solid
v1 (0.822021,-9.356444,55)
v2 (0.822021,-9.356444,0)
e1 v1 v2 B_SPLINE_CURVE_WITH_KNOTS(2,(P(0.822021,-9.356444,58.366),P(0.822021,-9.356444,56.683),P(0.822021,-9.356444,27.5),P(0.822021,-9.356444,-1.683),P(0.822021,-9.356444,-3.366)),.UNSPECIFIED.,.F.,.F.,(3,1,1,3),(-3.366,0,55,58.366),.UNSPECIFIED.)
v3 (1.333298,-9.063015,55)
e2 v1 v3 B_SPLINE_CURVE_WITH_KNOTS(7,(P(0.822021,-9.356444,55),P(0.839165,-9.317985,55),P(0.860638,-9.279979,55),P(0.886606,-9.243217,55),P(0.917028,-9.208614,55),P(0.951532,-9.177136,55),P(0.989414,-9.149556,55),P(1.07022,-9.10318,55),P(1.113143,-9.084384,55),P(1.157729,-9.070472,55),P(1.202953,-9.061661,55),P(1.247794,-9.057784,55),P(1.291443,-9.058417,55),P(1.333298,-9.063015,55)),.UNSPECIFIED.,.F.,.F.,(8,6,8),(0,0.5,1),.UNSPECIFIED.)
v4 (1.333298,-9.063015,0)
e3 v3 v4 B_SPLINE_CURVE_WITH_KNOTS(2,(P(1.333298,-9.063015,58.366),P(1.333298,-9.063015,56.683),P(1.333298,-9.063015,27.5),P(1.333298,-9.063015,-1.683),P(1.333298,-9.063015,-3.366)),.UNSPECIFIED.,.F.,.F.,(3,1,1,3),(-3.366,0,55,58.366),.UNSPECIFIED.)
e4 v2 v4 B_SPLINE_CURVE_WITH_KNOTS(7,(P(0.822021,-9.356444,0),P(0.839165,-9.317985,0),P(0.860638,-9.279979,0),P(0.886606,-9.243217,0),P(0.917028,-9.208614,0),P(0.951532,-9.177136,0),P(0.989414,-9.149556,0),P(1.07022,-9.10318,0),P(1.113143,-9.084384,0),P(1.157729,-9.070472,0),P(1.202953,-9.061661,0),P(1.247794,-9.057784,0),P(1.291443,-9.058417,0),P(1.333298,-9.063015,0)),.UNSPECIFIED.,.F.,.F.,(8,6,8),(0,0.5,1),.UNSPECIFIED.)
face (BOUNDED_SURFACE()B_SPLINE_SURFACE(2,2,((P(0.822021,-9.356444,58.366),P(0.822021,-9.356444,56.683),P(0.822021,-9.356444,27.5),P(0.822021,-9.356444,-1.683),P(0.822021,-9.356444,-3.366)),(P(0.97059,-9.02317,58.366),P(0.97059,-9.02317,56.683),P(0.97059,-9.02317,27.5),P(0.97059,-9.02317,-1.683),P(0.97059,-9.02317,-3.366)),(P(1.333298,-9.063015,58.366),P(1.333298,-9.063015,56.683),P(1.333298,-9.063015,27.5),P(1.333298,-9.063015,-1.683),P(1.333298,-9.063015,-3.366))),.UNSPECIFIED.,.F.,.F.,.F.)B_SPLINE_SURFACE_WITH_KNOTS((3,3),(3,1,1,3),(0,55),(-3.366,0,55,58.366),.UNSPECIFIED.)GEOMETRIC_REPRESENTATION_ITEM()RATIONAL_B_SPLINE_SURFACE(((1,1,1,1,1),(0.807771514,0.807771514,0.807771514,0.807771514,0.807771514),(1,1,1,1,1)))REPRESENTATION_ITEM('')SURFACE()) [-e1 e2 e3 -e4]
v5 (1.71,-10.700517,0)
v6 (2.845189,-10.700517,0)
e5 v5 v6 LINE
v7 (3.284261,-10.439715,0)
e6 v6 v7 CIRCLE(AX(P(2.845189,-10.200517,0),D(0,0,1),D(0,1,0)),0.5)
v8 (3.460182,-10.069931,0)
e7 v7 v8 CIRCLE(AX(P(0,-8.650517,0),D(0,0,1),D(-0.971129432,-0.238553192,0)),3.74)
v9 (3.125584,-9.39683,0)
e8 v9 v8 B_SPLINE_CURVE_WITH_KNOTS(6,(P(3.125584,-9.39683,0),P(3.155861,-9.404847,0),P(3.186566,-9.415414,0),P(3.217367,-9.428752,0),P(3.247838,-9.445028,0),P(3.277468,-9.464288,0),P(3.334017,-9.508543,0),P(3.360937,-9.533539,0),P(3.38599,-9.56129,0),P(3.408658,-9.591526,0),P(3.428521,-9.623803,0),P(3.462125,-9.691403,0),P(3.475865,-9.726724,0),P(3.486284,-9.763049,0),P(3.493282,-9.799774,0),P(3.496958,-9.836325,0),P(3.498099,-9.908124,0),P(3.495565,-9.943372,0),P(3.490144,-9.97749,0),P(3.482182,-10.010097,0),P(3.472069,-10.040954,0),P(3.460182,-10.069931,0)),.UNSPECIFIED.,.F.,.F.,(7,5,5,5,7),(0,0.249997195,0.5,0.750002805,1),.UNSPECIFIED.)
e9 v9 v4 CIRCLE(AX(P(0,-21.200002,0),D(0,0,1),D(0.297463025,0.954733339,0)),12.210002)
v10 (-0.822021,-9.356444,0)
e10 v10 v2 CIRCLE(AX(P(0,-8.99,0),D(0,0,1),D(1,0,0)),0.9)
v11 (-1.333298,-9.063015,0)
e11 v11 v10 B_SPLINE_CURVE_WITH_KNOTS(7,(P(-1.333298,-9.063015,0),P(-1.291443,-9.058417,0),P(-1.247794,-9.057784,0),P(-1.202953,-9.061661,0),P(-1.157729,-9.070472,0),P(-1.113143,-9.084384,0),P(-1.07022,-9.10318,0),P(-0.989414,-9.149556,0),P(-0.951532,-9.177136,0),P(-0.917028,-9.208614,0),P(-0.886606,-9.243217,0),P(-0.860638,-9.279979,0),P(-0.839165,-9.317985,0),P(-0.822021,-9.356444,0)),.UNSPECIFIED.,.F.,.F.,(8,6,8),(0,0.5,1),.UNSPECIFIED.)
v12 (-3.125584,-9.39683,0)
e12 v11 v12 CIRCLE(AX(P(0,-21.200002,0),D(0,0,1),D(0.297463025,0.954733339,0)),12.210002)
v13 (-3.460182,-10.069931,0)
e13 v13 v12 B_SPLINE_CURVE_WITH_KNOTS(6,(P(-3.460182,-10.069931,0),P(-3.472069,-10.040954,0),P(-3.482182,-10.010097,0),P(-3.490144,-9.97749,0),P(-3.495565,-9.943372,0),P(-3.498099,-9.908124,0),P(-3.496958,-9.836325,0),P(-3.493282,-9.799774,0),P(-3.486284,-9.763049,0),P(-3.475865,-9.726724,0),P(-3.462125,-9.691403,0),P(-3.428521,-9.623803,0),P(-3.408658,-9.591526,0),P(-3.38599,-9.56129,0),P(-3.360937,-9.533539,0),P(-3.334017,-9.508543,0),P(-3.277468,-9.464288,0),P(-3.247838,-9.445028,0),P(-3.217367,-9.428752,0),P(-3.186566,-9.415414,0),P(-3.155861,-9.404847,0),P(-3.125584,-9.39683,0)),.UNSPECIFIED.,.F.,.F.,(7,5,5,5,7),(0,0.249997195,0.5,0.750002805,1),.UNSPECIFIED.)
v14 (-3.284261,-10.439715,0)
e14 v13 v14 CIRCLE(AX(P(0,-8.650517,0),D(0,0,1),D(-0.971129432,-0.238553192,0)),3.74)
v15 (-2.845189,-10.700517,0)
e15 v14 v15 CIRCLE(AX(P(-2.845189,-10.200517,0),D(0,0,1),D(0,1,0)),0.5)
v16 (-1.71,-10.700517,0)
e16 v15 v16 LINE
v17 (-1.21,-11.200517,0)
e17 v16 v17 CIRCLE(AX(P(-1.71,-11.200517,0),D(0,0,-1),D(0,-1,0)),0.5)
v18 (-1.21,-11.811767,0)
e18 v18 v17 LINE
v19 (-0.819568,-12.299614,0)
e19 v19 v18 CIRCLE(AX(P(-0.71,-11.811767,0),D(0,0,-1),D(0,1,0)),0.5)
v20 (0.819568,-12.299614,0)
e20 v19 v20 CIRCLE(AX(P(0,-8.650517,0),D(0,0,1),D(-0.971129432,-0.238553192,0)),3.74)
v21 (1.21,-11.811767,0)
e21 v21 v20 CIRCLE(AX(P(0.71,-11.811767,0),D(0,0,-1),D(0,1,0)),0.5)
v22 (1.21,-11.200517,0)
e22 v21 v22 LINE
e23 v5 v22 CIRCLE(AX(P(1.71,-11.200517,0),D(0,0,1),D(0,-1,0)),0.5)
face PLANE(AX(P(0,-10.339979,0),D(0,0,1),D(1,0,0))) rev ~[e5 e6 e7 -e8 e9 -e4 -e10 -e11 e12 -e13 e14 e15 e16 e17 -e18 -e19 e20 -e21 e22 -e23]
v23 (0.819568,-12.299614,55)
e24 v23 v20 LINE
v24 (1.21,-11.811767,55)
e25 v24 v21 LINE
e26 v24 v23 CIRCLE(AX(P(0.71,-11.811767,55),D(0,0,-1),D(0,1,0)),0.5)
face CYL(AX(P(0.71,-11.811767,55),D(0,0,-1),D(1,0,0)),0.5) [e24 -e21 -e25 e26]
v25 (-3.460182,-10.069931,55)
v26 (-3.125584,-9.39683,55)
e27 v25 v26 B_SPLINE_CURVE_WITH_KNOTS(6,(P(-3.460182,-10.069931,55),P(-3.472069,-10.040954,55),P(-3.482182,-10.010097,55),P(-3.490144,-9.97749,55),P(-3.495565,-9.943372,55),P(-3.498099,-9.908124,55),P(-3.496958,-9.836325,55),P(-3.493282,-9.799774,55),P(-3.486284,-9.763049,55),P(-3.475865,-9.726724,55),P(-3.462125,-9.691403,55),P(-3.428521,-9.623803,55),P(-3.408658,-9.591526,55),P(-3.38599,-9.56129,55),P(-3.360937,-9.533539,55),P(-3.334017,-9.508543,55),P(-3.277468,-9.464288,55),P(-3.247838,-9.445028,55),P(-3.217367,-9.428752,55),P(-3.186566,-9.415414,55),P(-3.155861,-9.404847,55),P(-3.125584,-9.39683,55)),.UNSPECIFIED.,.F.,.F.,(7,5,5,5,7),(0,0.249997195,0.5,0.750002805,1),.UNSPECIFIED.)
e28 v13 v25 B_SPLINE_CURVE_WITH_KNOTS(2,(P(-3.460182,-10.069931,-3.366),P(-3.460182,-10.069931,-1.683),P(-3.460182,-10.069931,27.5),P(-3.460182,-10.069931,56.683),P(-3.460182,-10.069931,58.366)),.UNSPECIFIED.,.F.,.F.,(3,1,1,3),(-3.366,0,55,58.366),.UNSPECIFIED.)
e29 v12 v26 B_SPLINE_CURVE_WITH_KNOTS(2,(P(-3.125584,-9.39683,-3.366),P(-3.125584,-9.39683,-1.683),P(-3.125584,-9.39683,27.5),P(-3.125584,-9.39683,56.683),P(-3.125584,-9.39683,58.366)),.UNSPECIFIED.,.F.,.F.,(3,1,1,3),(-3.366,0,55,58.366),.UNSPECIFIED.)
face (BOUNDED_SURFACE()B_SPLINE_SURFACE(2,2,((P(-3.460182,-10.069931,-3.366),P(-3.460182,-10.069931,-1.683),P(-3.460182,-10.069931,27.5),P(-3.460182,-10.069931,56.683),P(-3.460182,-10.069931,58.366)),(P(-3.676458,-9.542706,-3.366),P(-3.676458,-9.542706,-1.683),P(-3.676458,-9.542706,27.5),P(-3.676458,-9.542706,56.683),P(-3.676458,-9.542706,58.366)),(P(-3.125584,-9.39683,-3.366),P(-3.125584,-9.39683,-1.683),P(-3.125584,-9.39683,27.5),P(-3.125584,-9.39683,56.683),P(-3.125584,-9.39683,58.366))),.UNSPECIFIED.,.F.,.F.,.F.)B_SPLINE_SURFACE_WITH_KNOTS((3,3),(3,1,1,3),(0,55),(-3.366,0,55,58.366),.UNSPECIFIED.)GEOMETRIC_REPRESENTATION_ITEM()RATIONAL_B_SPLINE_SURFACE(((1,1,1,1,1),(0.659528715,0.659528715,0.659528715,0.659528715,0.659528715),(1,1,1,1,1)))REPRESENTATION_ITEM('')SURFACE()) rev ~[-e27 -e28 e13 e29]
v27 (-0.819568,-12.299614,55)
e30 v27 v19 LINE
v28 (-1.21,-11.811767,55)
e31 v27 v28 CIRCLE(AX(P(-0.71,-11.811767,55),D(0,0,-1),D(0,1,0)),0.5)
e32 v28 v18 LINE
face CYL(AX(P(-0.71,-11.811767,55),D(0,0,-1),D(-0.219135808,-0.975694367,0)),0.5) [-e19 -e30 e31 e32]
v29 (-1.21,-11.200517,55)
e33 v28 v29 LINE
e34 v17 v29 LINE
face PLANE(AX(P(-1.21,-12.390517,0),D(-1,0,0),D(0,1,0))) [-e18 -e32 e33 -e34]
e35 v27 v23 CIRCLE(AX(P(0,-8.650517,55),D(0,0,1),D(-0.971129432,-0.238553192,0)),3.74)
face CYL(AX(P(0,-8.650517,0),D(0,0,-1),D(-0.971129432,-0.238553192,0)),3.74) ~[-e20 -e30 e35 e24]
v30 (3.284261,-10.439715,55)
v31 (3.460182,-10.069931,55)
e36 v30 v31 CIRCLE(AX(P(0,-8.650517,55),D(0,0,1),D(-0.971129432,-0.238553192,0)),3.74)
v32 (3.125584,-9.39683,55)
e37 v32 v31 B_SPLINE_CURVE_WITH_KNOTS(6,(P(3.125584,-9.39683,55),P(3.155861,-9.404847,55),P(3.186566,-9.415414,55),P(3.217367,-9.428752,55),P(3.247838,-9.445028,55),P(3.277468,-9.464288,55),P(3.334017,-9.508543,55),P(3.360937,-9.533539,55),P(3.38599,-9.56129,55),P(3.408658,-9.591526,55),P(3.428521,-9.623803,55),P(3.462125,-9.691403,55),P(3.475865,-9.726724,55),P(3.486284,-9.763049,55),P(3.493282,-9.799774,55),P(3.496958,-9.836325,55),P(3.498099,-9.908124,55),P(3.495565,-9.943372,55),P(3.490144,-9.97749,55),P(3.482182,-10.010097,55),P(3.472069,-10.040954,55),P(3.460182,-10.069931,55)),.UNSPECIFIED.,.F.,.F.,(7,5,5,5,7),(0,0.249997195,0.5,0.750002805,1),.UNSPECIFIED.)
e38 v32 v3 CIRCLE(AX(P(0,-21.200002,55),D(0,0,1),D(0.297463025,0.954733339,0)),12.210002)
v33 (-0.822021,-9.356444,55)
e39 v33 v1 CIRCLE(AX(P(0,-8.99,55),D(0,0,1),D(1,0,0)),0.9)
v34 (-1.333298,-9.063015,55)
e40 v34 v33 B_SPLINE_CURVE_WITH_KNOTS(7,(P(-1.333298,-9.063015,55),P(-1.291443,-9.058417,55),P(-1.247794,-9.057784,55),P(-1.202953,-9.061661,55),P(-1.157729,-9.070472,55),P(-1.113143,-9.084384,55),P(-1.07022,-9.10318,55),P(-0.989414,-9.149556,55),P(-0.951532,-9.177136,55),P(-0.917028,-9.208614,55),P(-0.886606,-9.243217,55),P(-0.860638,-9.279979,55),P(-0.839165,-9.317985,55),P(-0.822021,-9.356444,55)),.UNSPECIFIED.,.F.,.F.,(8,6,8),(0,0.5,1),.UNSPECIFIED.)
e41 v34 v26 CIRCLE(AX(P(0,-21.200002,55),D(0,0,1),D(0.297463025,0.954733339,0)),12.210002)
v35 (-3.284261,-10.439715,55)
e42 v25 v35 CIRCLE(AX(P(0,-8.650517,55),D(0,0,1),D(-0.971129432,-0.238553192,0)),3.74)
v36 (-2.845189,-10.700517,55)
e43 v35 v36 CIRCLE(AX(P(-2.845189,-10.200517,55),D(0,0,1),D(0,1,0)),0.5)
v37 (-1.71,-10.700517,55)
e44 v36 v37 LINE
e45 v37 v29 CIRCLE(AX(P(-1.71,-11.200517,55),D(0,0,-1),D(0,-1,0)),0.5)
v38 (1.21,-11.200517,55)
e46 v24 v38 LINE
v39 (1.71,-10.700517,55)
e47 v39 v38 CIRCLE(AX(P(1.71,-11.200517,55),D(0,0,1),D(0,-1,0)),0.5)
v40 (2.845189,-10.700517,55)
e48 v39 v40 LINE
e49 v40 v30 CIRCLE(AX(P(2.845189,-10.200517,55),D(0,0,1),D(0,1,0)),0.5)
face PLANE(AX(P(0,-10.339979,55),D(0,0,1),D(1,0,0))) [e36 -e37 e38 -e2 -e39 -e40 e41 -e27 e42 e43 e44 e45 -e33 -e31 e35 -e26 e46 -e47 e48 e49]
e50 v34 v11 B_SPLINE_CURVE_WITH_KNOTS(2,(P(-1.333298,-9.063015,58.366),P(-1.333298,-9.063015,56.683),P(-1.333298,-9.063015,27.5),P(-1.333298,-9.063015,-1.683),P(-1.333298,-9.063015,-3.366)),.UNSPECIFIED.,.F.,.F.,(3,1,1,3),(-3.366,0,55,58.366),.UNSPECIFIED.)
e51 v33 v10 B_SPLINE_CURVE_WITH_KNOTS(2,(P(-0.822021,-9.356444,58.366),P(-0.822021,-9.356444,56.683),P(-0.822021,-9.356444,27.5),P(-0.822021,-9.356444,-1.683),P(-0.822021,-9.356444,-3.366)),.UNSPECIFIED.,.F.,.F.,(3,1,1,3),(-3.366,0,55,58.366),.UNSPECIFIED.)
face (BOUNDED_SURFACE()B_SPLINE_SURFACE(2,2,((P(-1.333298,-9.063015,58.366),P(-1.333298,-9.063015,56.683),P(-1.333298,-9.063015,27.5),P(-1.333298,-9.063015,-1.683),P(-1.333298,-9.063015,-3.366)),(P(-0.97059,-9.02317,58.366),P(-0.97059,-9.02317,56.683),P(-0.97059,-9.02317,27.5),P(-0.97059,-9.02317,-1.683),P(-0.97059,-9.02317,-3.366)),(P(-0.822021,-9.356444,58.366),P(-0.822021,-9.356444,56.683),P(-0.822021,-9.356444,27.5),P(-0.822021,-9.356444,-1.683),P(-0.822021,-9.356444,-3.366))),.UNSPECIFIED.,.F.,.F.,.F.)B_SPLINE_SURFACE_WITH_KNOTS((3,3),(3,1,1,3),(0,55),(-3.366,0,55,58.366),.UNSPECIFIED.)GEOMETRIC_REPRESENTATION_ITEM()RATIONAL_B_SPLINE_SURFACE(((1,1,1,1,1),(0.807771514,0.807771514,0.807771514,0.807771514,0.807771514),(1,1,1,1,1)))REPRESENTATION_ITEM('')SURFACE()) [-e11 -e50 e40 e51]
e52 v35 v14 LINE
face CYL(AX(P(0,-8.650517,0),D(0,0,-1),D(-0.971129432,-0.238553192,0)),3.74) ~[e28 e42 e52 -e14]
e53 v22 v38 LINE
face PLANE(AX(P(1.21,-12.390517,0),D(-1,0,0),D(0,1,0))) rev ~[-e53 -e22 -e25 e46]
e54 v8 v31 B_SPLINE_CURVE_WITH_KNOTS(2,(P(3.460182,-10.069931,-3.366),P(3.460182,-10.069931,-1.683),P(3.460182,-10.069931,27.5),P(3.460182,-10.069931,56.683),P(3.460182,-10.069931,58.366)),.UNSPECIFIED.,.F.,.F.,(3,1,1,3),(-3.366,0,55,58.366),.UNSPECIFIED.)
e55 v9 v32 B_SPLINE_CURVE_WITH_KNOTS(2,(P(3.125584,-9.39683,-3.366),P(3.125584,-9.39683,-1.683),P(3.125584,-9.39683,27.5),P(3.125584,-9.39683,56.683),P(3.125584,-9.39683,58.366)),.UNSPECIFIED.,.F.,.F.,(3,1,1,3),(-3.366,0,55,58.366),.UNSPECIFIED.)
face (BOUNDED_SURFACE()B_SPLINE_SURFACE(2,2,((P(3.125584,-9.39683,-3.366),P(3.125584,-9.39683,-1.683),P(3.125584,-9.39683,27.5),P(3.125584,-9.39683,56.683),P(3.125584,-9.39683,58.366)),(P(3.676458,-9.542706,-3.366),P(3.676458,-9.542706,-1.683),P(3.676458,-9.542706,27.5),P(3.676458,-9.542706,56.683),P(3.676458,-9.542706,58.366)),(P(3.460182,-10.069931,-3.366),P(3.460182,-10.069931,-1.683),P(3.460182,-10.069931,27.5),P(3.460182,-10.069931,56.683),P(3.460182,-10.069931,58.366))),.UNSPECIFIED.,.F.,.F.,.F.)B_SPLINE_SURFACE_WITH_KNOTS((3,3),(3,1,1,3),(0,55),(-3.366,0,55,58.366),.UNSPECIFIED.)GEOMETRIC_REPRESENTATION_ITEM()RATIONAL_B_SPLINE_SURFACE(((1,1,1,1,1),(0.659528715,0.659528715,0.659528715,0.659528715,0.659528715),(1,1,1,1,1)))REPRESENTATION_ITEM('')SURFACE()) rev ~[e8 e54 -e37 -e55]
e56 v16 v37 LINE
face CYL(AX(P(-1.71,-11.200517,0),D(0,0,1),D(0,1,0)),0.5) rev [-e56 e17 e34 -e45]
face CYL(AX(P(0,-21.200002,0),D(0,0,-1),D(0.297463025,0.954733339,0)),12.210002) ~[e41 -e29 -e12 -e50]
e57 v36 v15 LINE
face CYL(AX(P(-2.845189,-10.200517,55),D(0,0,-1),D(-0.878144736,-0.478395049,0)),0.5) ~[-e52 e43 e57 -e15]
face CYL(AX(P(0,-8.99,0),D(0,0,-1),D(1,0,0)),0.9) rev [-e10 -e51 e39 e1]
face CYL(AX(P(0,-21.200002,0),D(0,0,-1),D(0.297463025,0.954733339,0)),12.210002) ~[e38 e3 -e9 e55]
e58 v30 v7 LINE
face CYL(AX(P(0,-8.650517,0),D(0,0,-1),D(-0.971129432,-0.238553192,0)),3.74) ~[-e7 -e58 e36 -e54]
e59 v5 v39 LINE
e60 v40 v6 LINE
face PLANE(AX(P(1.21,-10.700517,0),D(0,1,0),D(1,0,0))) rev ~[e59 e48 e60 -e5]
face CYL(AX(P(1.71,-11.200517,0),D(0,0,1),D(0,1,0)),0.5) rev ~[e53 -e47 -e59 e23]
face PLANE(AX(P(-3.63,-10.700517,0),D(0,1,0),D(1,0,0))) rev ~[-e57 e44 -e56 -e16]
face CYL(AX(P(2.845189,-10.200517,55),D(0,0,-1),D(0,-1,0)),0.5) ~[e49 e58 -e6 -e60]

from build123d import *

# Parameters (mm, degrees)
CYLINDER002_R     = 0.9
CYLINDER002_DEPTH = 55
BOX008_W          = 2.42
BOX008_H          = 1.69
BOX008_DEPTH      = 55
BOX007_W          = 2.42
BOX007_H          = 1.69
BOX007_DEPTH      = 55
EXTRUDE011_DEPTH  = 55
FILLET011_R       = 0.5


with BuildPart() as cilindro001:
    # Cylinder002 → Cylinder002 (new body)
    with BuildSketch(Plane(origin=(0, 12.21, 0), x_dir=(1, 0, 0), z_dir=(0, 0, 1))):
        Circle(CYLINDER002_R)
    extrude(amount=CYLINDER002_DEPTH)


with BuildPart() as cubo_der001:
    # Box008 → Box008 (new body)
    with BuildSketch(Plane(origin=(1.21, 8.809483, 0), x_dir=(1, 0, 0), z_dir=(0, 0, 1))):
        with Locations((1.21, 0.845)):
            Rectangle(BOX008_W, BOX008_H)
    extrude(amount=BOX008_DEPTH)


with BuildPart() as cubo_izq001:
    # Box007 → Box007 (new body)
    with BuildSketch(Plane(origin=(-3.63, 8.809483, 0), x_dir=(1, 0, 0), z_dir=(0, 0, 1))):
        with Locations((1.21, 0.845)):
            Rectangle(BOX007_W, BOX007_H)
    extrude(amount=BOX007_DEPTH)


with BuildPart() as barrote_nuevo_final003:
    # Sketch012 → Extrude011 (new body)
    with BuildSketch(Plane.XY):
        with BuildLine():
            ThreePointArc((-3.632024, 11.657294), (0, 8.809483), (3.632024, 11.657294))
            ThreePointArc((3.632024, 11.657294), (0, 12.21), (-3.632024, 11.657294))
        make_face()
    extrude(amount=EXTRUDE011_DEPTH)

    # Cut007: cut Cubo izq001
    add(cubo_izq001.part, mode=Mode.SUBTRACT)

    # Cut008: cut Cubo der001
    add(cubo_der001.part, mode=Mode.SUBTRACT)

    # Cut009: cut Cilindro001
    add(cilindro001.part, mode=Mode.SUBTRACT)

    # Fillet011
    fillet011_edges = [barrote_nuevo_final003.edges().sort_by_distance(p)[0] for p in [
        (-3.128114, 10.499483, 27.5),
        (-3.632024, 11.657294, 27.5),
        (-1.21, 10.499483, 27.5),
        (-0.899389, 12.17683, 27.5),
        (3.128114, 10.499483, 27.5),
        (1.21, 10.499483, 27.5),
        (1.21, 9.010627, 27.5),
        (-1.21, 9.010627, 27.5),
        (0.899389, 12.17683, 27.5),
        (3.632024, 11.657294, 27.5),
    ]]
    fillet(fillet011_edges, radius=FILLET011_R)


with BuildPart() as barrote_nuevo_final003_1:
    # Clone018 placement: moved
    add(barrote_nuevo_final003.part.moved(Location((0, -21.2, 0))))


solid = barrote_nuevo_final003_1.part
